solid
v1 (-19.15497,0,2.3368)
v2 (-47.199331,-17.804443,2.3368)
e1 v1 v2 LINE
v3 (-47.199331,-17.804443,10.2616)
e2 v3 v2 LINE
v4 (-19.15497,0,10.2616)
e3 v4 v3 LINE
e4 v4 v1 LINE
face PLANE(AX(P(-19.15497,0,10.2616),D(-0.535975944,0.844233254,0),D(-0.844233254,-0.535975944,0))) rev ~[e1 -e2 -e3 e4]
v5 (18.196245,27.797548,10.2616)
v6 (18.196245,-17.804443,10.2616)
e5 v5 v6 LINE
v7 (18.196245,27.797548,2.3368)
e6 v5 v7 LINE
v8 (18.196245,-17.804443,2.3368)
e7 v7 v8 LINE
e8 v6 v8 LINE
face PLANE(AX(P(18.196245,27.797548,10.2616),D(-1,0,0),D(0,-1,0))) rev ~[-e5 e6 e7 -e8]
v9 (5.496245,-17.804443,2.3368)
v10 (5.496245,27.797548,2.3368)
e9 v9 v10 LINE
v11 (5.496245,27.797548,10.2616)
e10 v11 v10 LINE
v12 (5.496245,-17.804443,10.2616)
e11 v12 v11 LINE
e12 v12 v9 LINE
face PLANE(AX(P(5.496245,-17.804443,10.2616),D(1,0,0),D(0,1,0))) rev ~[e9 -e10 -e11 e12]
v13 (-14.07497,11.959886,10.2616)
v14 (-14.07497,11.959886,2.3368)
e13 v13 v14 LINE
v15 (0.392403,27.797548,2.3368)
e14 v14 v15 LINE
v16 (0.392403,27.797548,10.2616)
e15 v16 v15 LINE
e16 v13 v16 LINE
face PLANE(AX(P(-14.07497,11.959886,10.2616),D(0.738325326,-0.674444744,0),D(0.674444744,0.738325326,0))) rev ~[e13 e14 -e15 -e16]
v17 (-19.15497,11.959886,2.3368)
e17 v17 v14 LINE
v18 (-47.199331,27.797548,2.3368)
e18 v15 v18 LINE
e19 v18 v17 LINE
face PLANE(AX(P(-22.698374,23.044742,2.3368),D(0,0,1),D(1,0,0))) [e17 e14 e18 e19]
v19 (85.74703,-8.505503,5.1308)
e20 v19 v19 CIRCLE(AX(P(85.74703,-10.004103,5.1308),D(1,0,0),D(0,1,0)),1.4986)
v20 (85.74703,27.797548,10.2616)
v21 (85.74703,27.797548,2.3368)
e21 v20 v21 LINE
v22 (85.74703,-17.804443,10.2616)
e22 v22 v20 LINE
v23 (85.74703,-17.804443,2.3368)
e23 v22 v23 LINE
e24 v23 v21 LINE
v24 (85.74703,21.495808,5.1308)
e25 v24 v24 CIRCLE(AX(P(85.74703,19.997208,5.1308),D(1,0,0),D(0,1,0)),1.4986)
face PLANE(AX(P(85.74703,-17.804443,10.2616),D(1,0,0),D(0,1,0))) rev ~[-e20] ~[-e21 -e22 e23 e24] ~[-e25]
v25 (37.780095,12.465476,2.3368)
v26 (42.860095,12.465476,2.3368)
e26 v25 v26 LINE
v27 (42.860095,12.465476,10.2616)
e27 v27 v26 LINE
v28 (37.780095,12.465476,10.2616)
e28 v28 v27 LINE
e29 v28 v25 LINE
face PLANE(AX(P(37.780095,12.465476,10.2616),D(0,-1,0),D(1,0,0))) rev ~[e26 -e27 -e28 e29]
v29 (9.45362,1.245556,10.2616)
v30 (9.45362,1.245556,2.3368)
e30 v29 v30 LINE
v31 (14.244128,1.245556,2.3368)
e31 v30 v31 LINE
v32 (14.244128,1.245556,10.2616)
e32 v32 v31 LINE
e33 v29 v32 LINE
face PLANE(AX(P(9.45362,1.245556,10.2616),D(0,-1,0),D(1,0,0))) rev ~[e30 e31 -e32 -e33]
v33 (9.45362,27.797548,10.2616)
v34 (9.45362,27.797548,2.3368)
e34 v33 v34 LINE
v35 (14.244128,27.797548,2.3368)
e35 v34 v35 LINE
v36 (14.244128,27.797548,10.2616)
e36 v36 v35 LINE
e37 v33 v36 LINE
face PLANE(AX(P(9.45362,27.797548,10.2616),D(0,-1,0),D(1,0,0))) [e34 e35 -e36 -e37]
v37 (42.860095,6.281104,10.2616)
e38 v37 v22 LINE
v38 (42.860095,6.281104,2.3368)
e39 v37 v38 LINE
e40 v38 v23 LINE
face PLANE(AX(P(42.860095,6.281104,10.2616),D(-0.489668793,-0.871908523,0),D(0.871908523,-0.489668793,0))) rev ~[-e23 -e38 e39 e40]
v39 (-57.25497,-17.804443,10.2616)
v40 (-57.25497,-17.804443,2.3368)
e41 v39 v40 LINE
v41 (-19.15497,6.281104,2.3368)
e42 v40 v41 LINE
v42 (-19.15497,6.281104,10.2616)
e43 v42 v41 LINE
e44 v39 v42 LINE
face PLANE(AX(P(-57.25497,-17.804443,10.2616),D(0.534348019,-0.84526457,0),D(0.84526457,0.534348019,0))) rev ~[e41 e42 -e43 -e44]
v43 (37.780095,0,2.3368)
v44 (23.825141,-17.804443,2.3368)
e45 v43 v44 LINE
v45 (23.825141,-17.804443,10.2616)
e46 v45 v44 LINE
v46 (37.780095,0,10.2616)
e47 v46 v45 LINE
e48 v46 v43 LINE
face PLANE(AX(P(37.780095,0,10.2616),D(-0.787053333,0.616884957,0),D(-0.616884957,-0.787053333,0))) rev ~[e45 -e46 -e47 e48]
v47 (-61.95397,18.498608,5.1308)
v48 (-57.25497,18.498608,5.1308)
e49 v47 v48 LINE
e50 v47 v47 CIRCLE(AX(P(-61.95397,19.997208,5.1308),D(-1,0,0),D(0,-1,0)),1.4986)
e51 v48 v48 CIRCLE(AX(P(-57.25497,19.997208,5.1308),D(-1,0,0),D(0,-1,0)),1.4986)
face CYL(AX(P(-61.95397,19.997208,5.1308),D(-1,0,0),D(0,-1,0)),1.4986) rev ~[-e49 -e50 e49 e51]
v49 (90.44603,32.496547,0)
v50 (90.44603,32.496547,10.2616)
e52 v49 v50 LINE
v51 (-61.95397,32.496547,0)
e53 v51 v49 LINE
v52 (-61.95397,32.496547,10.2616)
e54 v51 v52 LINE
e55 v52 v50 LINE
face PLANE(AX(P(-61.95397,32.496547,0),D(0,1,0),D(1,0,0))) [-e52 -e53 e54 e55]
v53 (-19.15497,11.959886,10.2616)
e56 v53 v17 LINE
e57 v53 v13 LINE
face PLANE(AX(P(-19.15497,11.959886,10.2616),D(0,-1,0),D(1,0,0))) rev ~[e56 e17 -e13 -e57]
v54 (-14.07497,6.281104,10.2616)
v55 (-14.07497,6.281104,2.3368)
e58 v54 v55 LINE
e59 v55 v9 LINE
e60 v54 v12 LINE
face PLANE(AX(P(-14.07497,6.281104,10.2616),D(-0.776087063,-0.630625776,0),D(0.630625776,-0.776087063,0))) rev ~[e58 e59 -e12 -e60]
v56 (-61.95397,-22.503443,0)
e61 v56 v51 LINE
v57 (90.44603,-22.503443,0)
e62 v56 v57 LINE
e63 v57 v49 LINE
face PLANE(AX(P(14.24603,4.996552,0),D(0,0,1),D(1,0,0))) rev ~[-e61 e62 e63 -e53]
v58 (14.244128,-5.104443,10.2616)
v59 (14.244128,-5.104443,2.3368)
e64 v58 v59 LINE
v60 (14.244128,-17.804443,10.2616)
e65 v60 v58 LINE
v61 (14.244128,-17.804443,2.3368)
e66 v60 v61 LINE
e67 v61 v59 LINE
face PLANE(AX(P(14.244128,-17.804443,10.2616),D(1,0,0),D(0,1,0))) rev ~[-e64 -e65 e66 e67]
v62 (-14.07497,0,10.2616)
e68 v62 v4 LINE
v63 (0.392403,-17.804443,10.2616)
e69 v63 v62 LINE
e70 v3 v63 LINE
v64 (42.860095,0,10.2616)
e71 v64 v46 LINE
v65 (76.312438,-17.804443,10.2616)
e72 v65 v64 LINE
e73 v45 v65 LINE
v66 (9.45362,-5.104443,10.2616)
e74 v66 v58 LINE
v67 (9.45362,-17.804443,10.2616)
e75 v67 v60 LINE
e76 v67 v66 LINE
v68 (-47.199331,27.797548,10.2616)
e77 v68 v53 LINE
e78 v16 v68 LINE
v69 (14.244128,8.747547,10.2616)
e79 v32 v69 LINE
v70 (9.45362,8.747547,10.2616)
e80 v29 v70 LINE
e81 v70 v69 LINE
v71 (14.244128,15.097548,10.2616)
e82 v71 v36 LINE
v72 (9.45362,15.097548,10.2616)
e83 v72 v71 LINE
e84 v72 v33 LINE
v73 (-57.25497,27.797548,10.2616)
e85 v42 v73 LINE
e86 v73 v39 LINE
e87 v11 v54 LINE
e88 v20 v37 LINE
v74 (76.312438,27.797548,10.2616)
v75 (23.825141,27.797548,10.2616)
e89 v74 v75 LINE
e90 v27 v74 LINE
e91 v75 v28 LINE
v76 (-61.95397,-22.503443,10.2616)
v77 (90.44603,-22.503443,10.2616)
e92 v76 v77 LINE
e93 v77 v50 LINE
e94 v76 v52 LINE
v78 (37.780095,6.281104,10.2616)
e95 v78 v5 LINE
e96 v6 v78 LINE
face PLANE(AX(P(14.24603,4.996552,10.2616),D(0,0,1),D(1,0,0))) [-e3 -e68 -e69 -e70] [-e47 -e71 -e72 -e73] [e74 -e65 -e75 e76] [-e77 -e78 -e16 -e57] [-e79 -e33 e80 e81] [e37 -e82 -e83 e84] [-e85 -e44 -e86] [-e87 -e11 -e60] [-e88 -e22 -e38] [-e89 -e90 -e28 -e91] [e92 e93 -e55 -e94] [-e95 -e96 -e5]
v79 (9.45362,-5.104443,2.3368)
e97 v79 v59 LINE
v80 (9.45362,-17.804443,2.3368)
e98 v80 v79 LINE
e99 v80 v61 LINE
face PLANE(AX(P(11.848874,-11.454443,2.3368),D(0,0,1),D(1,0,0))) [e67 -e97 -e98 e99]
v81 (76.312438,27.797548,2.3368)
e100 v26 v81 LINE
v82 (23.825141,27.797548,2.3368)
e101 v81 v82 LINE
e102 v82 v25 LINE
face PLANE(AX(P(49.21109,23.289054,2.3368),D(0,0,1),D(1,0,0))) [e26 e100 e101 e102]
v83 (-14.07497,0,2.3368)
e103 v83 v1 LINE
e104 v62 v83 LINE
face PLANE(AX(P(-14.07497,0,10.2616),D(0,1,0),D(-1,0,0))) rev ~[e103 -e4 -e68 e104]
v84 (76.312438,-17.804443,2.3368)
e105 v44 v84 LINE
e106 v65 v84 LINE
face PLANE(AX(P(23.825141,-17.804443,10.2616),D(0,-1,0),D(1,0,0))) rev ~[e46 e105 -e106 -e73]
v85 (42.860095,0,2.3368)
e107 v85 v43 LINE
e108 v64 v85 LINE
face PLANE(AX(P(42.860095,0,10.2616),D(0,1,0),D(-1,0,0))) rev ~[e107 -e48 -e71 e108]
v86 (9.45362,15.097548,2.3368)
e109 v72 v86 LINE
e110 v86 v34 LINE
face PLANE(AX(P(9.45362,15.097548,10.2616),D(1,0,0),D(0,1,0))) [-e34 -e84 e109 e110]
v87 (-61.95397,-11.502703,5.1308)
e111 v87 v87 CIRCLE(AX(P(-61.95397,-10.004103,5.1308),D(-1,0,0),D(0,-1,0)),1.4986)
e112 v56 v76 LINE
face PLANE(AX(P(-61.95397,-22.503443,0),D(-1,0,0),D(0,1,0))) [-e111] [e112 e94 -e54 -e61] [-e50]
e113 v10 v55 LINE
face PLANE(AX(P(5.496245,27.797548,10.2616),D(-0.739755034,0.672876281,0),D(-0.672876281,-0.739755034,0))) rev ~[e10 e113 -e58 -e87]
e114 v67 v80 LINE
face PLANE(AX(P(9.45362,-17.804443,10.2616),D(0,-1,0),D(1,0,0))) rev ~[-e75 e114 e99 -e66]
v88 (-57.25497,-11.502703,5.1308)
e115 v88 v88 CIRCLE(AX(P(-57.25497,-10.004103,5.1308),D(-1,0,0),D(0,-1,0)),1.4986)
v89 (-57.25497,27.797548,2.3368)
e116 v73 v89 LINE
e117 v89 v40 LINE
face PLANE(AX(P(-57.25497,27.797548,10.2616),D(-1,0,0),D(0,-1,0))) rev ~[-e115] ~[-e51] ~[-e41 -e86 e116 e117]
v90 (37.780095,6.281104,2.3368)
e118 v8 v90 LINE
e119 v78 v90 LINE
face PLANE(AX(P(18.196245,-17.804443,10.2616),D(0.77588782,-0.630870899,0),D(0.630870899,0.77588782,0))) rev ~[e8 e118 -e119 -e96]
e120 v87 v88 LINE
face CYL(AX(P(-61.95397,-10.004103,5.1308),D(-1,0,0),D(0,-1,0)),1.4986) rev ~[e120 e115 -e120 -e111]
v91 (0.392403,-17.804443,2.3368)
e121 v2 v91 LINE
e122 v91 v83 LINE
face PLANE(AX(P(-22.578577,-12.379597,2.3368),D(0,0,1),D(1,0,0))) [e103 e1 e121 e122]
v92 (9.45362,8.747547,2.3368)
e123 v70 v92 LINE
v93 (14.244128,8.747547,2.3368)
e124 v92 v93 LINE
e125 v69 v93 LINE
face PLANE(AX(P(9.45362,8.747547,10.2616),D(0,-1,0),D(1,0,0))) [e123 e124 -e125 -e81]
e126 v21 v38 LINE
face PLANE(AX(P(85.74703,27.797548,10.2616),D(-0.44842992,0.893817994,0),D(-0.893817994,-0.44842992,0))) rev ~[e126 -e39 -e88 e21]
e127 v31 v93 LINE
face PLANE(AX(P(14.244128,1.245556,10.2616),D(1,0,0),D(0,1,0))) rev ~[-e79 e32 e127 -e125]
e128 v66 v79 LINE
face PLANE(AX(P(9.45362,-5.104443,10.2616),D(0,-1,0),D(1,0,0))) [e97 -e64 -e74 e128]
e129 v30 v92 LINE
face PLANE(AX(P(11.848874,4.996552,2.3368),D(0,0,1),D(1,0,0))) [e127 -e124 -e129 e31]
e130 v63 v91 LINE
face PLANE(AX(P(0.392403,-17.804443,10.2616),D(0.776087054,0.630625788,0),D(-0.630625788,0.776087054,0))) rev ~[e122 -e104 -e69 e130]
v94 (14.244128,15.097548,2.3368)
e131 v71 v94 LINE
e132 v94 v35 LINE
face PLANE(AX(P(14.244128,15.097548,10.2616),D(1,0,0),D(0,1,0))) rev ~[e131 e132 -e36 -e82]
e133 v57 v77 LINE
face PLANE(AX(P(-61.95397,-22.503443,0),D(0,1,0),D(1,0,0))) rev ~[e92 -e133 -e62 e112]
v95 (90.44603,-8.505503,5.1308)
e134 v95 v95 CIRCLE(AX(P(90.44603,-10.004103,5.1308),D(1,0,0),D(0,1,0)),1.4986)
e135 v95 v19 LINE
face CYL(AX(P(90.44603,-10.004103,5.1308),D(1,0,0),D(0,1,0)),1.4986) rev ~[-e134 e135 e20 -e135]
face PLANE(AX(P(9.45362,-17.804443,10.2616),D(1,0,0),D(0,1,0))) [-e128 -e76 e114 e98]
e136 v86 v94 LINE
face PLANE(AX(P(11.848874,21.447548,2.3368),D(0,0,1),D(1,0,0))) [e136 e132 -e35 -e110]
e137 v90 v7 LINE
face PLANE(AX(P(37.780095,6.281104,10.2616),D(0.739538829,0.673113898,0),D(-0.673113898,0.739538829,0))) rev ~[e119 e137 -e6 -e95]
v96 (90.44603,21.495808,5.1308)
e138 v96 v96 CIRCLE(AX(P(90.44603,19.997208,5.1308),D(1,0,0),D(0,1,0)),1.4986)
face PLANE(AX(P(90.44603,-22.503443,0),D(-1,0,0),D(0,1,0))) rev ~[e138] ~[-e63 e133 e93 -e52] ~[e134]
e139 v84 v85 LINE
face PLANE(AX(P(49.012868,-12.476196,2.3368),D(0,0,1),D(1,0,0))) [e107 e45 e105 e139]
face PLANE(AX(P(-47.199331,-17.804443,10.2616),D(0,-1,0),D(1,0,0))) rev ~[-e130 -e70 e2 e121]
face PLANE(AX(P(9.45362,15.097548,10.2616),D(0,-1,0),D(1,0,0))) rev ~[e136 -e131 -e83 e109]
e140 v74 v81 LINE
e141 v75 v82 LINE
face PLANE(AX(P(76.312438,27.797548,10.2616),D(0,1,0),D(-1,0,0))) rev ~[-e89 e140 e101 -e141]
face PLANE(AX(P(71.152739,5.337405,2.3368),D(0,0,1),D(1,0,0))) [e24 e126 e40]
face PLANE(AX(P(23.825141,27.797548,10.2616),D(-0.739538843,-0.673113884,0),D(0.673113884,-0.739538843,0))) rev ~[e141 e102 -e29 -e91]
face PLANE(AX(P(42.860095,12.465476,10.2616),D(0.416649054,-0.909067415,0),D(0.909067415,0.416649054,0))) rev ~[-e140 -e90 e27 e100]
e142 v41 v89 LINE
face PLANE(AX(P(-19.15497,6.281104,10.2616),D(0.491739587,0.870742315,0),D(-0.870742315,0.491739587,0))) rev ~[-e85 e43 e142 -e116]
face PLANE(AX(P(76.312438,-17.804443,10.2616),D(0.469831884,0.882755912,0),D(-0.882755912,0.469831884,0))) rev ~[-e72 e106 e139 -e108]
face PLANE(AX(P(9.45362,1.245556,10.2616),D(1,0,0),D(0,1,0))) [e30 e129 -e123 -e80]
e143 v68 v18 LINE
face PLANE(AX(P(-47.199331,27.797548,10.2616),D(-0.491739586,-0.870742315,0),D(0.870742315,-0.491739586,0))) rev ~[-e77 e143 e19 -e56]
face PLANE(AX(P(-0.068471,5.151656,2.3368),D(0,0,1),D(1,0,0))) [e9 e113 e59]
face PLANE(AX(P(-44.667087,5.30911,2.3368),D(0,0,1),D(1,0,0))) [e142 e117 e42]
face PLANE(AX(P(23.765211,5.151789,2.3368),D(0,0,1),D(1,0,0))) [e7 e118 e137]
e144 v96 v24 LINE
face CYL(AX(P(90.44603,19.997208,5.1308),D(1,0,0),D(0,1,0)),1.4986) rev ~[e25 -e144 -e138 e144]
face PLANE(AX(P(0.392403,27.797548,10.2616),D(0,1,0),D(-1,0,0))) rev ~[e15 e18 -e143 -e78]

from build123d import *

# Parameters (mm, degrees)
F0_W     = 152.4
F0_H     = 54.999991
F1_DEPTH = 10.2616
F2_W     = 4.790508
F2_H     = 12.7
F2_H_2   = 7.501991
F3_DEPTH = 7.9248
F5_R     = 1.4986
F6_DEPTH = 6.35
F4_R     = 1.4986
F7_DEPTH = 6.35


with BuildPart() as f1:
    # F0 (on Top) → F1 (new body)
    with BuildSketch(Plane.XY):
        with Locations((14.24603, 4.996552)):
            Rectangle(F0_W, F0_H)
    extrude(amount=F1_DEPTH)

    # F2 (on face) → F3 (cut)
    with BuildSketch(Plane.XY.offset(10.2616)):
        Polygon((-57.25497, 27.797548), (-57.25497, -17.804443), (-19.15497, 6.281104), align=None)
        Polygon((0.392403, 27.797548), (-47.199331, 27.797548), (-19.15497, 11.959886), (-14.07497, 11.959886), align=None)
        Polygon((-19.15497, 0), (-47.199331, -17.804443), (0.392403, -17.804443), (-14.07497, 0), align=None)
        Polygon((5.496245, 27.797548), (-14.07497, 6.281104), (5.496245, -17.804443), align=None)
        with Locations((11.848874, 21.447548)):
            Rectangle(F2_W, F2_H)
        with Locations((11.848874, 4.996552)):
            Rectangle(F2_W, F2_H_2)
        with Locations((11.848874, -11.454443)):
            Rectangle(F2_W, F2_H)
        Polygon((18.196245, -17.804443), (37.780095, 6.281104), (18.196245, 27.797548), align=None)
        Polygon((23.825141, -17.804443), (76.312438, -17.804443), (42.860095, 0), (37.780095, 0), align=None)
        Polygon((85.74703, 27.797548), (42.860095, 6.281104), (85.74703, -17.804443), align=None)
        Polygon((42.860095, 12.465476), (76.312438, 27.797548), (23.825141, 27.797548), (37.780095, 12.465476), align=None)
    extrude(amount=-F3_DEPTH, mode=Mode.SUBTRACT)

    # F5 (on face) → F6 (cut)
    with BuildSketch(Plane.YZ.offset(90.44603)):
        with Locations((19.997208, 5.1308)):
            Circle(F5_R)
        with Locations((-10.004103, 5.1308)):
            Circle(F5_R)
    extrude(amount=-F6_DEPTH, mode=Mode.SUBTRACT)

    # F4 (on face) → F7 (cut)
    with BuildSketch(Plane(origin=(-61.95397, 0, 0), x_dir=(0, -1, 0), z_dir=(-1, 0, 0))):
        with Locations((-19.997208, 5.1308)):
            Circle(F4_R)
        with Locations((10.004103, 5.1308)):
            Circle(F4_R)
    extrude(amount=-F7_DEPTH, mode=Mode.SUBTRACT)


solid = f1.part
